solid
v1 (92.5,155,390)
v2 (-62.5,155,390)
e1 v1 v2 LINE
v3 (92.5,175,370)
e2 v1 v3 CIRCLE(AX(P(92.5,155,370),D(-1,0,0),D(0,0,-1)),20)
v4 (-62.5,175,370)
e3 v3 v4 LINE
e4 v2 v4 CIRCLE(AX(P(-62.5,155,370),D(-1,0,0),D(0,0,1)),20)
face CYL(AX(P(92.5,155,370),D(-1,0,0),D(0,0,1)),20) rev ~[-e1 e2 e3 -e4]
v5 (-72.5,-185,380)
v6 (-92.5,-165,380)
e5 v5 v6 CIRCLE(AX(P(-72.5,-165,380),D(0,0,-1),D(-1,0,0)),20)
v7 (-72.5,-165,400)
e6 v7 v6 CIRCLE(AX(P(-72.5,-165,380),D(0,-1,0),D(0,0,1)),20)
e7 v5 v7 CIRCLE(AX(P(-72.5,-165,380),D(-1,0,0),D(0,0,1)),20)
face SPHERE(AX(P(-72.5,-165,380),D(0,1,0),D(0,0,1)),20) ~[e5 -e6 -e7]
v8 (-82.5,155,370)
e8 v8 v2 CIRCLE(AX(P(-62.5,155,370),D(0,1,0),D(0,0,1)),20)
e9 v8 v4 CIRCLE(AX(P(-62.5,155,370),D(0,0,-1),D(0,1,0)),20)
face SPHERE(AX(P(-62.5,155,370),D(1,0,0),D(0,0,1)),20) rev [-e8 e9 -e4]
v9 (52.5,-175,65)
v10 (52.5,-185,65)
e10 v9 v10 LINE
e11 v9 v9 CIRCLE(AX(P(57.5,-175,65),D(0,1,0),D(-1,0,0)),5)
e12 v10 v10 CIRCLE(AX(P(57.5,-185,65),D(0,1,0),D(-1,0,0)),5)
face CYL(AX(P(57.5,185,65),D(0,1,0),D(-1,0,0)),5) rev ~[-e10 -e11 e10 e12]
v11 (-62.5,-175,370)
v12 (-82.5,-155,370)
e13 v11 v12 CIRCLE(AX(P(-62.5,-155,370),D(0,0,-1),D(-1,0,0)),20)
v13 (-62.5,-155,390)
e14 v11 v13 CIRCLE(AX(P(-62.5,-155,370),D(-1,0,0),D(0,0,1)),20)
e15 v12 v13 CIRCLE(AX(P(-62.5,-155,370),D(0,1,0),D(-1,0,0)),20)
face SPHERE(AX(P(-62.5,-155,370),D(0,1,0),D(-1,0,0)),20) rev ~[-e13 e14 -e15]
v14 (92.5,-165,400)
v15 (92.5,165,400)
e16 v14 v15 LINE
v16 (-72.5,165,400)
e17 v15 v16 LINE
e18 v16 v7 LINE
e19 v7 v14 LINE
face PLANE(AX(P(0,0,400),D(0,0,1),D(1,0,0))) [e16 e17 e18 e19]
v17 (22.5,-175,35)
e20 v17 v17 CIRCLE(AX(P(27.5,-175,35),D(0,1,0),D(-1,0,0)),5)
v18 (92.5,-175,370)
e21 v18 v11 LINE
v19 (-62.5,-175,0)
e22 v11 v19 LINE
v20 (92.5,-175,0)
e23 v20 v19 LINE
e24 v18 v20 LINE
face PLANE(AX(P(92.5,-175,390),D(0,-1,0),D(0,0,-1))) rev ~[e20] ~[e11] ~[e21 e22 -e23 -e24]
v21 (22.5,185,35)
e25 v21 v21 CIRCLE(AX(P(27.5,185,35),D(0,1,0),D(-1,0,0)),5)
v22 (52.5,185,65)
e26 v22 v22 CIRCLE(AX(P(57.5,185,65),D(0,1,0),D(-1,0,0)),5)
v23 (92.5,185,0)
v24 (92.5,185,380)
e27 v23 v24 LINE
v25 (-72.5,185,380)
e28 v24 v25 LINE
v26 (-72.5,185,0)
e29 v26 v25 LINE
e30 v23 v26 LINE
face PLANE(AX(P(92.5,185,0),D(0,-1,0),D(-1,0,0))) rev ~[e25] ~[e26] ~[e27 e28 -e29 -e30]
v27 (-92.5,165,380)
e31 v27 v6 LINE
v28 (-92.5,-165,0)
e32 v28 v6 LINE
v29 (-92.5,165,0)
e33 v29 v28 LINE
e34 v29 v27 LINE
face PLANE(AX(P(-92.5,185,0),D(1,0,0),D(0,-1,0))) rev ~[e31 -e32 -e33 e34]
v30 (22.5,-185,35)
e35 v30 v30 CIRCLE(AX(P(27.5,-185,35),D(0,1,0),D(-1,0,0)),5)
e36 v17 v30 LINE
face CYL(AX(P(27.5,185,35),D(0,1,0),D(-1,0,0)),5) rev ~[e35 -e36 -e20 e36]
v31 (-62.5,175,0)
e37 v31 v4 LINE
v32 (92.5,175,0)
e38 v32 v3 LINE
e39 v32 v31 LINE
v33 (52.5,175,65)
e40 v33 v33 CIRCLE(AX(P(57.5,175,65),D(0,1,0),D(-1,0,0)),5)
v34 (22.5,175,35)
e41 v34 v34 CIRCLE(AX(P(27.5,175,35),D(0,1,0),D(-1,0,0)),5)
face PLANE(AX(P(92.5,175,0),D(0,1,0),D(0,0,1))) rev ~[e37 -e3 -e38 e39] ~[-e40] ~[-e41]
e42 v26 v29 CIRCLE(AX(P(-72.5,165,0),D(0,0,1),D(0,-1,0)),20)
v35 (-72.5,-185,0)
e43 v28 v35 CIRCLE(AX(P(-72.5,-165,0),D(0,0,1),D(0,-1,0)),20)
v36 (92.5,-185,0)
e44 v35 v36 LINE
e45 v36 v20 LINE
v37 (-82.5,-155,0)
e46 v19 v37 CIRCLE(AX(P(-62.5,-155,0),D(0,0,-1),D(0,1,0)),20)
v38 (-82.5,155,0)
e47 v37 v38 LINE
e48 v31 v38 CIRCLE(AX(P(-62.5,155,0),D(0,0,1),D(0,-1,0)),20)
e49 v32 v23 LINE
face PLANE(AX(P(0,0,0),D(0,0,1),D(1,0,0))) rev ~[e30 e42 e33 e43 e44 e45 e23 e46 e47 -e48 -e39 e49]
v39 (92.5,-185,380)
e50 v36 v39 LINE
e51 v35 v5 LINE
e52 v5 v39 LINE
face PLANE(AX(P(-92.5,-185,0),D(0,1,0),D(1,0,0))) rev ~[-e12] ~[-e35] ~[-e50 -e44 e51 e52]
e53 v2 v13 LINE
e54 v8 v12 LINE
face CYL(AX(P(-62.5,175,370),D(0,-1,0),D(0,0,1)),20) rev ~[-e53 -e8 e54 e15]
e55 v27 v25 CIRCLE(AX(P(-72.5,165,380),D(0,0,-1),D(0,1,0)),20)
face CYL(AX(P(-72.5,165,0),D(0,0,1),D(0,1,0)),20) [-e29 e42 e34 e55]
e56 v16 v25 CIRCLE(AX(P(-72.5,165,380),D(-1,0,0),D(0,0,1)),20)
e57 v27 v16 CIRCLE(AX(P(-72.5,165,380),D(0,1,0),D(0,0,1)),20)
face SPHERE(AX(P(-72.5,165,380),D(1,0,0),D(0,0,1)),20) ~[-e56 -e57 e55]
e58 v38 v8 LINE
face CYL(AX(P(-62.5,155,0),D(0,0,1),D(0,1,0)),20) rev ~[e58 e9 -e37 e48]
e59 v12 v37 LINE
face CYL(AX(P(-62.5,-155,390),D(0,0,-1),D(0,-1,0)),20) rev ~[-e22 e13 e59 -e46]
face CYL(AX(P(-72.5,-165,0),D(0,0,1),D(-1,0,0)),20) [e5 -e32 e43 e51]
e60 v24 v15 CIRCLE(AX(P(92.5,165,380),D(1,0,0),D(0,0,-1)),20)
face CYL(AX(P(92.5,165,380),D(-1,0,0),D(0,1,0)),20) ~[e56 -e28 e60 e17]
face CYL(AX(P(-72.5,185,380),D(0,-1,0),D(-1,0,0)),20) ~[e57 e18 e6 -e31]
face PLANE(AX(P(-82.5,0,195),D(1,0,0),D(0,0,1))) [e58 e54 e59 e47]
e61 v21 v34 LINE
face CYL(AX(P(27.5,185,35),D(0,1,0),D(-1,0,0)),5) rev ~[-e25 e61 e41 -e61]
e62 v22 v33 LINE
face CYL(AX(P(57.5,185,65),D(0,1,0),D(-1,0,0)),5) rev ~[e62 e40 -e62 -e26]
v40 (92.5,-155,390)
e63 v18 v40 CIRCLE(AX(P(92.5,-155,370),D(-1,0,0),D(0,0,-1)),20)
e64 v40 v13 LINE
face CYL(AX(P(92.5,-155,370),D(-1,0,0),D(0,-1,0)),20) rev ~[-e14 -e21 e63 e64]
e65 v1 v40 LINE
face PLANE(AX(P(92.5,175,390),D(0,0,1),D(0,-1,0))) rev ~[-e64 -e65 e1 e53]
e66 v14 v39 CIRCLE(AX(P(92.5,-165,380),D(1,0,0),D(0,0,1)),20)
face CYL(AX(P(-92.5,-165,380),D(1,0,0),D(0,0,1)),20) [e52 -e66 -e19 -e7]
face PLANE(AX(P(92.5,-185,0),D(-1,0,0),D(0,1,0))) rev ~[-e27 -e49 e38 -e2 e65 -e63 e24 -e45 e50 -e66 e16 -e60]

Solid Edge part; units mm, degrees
sketch "Sketch1" plane through (0, 0, 0) normal (0, 0, 1) x (1, 0, 0)
  line L0 (92.5, 185) -> (-92.5, 185)
  line L1 (-92.5, 185) -> (-92.5, -185)
  line L2 (-92.5, -185) -> (92.5, -185)
  line L3 (92.5, -185) -> (92.5, 185)
  dimension "D1" = 185
  dimension "D2" = 370
extrude "Protrusion1" add sketch "Sketch1" along normal blind 400
sketch "Sketch2" plane through (92.5, 0, 200) normal (1, 0, 0) x (0, 1, 0)
  line L0 (175, 190) -> (-175, 190)
  line L1 (-175, 190) -> (-175, -200)
  line L2 (-175, -200) -> (175, -200)
  line L3 (175, -200) -> (175, 190)
  dimension "D1" = 10
  dimension "D2" = 350
extrude "ScavoEstrusione_2" cut sketch "Sketch2" against normal blind 175
fillet "Rotondo_2" radius 20 10 edges at (5, 175, 390) (-82.5, 0, 390) (-82.5, 175, 195) (-82.5, -175, 195) (5, -175, 390) (0, 185, 400) (-92.5, 0, 400) (-92.5, 185, 200) (0, -185, 400) (-92.5, -185, 200)
sketch "Sketch3" plane through (10, 185, 190) normal (0, 1, 0) x (-1, 0, 0)
  circle A0 centre (-47.5, -125) radius 5
  circle A1 centre (-17.5, -155) radius 5
  dimension "D1" = 30
  dimension "D2" = 35
  dimension "D3" = 35
extrude "Cutout1" cut sketch "Sketch3" against normal through all
properties material "Fe 360 B UNI 7070"
